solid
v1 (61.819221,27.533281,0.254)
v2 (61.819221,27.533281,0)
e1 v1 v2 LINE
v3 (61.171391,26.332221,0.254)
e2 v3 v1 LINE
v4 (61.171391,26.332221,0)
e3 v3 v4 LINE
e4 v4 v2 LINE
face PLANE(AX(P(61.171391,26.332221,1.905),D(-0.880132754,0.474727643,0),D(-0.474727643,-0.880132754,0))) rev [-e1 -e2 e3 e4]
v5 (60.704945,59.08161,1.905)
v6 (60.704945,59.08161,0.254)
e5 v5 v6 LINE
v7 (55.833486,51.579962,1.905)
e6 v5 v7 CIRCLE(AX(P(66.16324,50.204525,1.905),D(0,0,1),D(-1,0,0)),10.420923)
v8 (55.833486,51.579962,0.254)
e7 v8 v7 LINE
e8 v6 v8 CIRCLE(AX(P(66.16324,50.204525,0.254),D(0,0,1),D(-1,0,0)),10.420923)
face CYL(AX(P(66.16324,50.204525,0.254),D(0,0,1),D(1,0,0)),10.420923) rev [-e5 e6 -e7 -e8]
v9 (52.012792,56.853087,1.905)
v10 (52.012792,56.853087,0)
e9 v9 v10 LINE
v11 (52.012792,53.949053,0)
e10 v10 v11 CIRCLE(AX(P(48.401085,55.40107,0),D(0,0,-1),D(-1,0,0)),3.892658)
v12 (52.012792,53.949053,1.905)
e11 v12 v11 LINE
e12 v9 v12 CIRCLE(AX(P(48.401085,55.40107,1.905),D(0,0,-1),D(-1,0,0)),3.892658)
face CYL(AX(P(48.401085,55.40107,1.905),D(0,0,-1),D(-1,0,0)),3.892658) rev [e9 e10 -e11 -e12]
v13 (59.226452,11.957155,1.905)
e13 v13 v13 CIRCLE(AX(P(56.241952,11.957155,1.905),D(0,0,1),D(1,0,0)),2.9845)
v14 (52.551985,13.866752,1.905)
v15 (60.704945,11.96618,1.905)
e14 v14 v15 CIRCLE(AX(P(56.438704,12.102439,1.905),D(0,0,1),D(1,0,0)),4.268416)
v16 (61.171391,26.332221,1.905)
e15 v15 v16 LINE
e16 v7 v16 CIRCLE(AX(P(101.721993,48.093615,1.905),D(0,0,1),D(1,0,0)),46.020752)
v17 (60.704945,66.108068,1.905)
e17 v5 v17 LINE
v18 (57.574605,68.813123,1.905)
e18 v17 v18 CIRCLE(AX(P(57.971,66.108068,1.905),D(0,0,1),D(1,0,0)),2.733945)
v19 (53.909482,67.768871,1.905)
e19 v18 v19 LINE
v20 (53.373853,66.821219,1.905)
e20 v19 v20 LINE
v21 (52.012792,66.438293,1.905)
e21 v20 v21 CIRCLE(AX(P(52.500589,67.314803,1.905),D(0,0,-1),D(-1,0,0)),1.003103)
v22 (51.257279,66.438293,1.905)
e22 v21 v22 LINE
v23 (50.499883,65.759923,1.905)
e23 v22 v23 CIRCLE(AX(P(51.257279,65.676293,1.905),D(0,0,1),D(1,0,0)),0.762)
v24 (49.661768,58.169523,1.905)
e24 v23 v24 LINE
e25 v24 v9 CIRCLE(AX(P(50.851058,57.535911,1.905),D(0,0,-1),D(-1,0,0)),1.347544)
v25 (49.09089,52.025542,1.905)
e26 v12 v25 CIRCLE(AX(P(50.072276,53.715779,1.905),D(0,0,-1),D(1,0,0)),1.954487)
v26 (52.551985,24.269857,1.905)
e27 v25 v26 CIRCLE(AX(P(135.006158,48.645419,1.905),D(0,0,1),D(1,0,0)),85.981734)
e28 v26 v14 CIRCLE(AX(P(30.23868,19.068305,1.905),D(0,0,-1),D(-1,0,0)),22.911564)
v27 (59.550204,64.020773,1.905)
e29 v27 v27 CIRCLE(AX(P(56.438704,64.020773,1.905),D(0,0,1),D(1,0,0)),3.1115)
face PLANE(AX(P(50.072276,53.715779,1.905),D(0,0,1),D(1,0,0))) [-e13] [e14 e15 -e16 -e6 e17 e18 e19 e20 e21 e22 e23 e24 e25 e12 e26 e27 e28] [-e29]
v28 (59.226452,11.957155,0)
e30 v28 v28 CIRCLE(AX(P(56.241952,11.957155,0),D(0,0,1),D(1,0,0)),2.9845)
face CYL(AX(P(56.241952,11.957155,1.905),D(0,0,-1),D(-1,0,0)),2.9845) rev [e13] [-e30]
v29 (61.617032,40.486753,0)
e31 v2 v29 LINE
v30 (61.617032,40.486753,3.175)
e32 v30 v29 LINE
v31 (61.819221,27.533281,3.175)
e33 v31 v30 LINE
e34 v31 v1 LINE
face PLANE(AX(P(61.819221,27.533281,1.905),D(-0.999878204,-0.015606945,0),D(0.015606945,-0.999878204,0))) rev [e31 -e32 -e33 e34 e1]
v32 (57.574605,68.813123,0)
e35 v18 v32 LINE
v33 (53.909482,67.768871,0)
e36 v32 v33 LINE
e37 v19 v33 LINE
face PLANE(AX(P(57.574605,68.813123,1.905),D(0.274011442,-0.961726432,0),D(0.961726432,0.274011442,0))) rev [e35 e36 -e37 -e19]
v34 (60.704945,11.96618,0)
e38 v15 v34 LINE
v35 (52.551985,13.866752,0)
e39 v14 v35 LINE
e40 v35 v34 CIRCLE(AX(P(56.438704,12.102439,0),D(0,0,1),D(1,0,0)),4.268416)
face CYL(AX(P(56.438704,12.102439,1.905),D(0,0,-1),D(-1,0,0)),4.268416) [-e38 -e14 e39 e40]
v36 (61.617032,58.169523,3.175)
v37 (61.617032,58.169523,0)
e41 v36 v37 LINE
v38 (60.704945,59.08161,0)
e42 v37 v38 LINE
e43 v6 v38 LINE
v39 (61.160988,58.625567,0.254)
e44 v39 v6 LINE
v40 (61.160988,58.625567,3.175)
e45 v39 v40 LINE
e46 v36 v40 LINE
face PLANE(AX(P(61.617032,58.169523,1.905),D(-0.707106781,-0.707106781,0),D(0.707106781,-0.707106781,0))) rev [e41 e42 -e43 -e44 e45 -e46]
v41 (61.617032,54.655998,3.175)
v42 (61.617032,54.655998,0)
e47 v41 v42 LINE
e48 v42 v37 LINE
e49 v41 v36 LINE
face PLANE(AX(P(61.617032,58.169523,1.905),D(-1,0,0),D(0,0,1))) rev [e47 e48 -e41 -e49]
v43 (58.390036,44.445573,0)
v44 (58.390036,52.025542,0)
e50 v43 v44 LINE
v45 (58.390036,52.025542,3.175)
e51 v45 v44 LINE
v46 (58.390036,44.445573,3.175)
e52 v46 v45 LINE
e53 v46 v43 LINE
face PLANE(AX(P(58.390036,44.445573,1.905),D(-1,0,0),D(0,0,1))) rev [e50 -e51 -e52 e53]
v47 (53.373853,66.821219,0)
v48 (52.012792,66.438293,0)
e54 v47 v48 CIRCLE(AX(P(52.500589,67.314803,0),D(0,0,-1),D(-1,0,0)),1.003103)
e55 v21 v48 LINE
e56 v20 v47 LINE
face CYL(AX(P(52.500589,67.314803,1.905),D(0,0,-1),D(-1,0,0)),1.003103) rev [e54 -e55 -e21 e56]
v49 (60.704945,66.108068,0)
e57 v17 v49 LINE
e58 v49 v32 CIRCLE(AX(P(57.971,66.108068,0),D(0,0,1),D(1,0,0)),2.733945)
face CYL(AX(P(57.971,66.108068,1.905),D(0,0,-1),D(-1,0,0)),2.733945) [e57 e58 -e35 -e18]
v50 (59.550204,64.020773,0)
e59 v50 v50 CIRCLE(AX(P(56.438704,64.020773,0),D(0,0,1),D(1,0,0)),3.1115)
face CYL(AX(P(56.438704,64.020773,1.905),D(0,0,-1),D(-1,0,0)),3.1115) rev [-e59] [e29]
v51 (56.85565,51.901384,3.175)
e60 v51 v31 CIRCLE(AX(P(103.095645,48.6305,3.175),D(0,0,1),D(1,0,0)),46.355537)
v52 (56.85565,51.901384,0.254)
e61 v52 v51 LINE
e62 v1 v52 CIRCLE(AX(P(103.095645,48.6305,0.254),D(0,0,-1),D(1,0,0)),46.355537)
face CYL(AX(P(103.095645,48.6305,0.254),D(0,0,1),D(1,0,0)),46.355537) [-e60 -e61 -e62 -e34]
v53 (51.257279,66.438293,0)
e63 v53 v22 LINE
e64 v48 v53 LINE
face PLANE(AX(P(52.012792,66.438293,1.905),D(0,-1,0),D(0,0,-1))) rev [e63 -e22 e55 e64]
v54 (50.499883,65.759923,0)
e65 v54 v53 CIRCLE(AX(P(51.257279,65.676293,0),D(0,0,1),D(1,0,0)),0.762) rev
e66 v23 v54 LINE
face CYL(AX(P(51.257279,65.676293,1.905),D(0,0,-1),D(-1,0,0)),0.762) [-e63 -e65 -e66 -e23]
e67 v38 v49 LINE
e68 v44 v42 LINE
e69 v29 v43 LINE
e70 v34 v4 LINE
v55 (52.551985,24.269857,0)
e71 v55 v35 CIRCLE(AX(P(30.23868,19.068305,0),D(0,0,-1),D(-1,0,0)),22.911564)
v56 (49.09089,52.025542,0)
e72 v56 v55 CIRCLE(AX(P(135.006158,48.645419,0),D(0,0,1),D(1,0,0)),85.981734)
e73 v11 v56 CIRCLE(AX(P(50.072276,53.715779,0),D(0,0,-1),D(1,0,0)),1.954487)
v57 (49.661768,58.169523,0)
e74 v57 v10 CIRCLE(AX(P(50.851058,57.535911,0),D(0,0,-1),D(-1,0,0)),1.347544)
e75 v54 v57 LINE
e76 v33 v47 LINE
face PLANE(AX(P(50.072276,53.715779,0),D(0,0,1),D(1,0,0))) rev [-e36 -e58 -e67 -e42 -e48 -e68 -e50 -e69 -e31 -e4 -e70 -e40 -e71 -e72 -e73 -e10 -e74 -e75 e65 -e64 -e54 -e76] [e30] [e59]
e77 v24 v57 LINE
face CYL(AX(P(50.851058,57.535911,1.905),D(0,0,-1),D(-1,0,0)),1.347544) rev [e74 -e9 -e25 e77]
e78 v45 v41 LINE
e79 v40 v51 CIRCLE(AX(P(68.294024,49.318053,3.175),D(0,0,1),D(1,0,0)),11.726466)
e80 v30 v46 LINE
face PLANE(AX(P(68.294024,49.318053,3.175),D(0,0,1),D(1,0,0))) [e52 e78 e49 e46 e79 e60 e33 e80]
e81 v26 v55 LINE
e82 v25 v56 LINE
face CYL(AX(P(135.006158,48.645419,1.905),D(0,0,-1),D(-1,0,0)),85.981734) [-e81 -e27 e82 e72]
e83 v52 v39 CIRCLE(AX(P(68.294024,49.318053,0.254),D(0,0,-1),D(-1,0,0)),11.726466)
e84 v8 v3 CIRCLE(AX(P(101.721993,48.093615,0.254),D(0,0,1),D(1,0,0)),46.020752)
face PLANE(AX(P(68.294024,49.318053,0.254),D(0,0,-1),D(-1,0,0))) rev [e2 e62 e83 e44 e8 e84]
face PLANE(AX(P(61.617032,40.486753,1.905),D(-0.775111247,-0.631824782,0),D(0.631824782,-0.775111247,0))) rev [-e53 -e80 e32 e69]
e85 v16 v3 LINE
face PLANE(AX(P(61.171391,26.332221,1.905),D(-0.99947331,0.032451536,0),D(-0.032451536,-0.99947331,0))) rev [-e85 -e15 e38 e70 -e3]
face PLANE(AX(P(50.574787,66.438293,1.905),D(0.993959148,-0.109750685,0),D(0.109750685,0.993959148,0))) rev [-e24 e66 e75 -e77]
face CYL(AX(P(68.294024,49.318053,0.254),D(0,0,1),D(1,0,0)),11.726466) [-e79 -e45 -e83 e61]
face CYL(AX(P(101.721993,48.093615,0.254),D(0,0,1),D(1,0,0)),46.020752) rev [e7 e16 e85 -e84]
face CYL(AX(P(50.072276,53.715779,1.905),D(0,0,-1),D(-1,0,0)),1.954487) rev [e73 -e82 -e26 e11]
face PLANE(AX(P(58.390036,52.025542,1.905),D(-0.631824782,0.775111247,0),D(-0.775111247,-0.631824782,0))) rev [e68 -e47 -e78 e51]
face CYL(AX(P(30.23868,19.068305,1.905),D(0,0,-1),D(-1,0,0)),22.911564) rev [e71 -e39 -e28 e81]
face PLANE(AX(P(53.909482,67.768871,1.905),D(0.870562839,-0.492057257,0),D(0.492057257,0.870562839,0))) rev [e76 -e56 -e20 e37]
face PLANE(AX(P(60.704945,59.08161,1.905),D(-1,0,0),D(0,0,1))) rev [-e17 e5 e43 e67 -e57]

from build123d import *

# Parameters (mm, degrees)
SKETCH1_R           = 3.1115
SKETCH1_R_2         = 2.9845
BOSS_EXTRUDE1_DEPTH = 1.905
CUT_EXTRUDE1_DEPTH  = 1.651
BOSS_EXTRUDE2_DEPTH = 1.27
FILLET4_R           = 0.762


with BuildPart() as part:
    # Sketch1 → Boss-Extrude1 (new body)
    with BuildSketch(Plane.XY):
        with BuildLine():
            Line((61.17139063, 26.332220791), (60.704944856, 11.966179777))
            ThreePointArc((60.704944856, 11.966179777), (55.469656343, 7.945478091), (52.551985386, 13.866751944))
            ThreePointArc((52.551985386, 13.866751944), (53.150243594, 19.068304512), (52.551985386, 24.269857079))
            ThreePointArc((52.551985386, 24.269857079), (49.685224569, 38.006015424), (49.090889591, 52.025542148))
            ThreePointArc((49.090889591, 52.025542148), (51.146965053, 52.083276575), (52.012792223, 53.949053326))
            ThreePointArc((52.012792223, 53.949053326), (52.29374244, 55.401070195), (52.012792223, 56.853087065))
            ThreePointArc((52.012792223, 56.853087065), (51.509420049, 58.711680371), (49.661768019, 58.169523016))
            Line((49.661768019, 58.169523016), (50.574786632, 66.4382933))
            Line((50.574786632, 66.4382933), (52.012792223, 66.4382933))
            ThreePointArc((52.012792223, 66.4382933), (52.772258586, 66.349188863), (53.373853233, 66.821219197))
            Line((53.373853233, 66.821219197), (53.909482304, 67.76887063))
            Line((53.909482304, 67.76887063), (57.57460461, 68.813123354))
            ThreePointArc((57.57460461, 68.813123354), (59.75855859, 68.176663617), (60.704944856, 66.10806771))
            Line((60.704944856, 66.10806771), (60.704944856, 59.081610081))
            Line((60.704944856, 59.081610081), (61.617031921, 58.169523016))
            Line((61.617031921, 58.169523016), (61.617031921, 54.655997897))
            Line((61.617031921, 54.655997897), (58.390036251, 52.025542148))
            Line((58.390036251, 52.025542148), (58.390036251, 44.445572853))
            Line((58.390036251, 44.445572853), (61.617031921, 40.486752766))
            Line((61.617031921, 40.486752766), (61.819220674, 27.533280913))
            Line((61.819220674, 27.533280913), (61.17139063, 26.332220791))
        make_face()
        with Locations((56.438703811, 64.020773394)):
            Circle(SKETCH1_R, mode=Mode.SUBTRACT)
        with Locations((56.241951704, 11.95715462)):
            Circle(SKETCH1_R_2, mode=Mode.SUBTRACT)
    extrude(amount=BOSS_EXTRUDE1_DEPTH)

    # Sketch2 → Cut-Extrude1 (cut)
    with BuildSketch(Plane.XY.offset(1.905)):
        with BuildLine():
            Line((60.704944856, 59.081610081), (61.160988389, 58.625566549))
            ThreePointArc((61.160988389, 58.625566549), (58.418398779, 55.641187467), (56.855649817, 51.901383735))
            ThreePointArc((56.855649817, 51.901383735), (57.672831025, 39.378266905), (61.819220674, 27.533280913))
            Line((61.819220674, 27.533280913), (61.17139063, 26.332220791))
            ThreePointArc((61.17139063, 26.332220791), (56.696533643, 38.574284868), (55.8334865, 51.57996161))
            ThreePointArc((55.8334865, 51.57996161), (57.423428617, 55.880027317), (60.704944856, 59.081610081))
        make_face()
    extrude(amount=-CUT_EXTRUDE1_DEPTH, mode=Mode.SUBTRACT)

    # Sketch3 → Boss-Extrude2 (add)
    with BuildSketch(Plane.XY.offset(1.905)):
        with BuildLine():
            Line((61.819220674, 27.533280913), (61.617031921, 40.486752766))
            Line((61.617031921, 40.486752766), (58.390036251, 44.445572853))
            Line((58.390036251, 44.445572853), (58.390036251, 52.025542148))
            Line((58.390036251, 52.025542148), (61.617031921, 54.655997897))
            Line((61.617031921, 54.655997897), (61.617031921, 58.169523016))
            Line((61.617031921, 58.169523016), (61.160988389, 58.625566549))
            ThreePointArc((61.160988389, 58.625566549), (58.418398779, 55.641187467), (56.855649817, 51.901383735))
            ThreePointArc((56.855649817, 51.901383735), (57.672831025, 39.378266905), (61.819220674, 27.533280913))
        make_face()
    extrude(amount=BOSS_EXTRUDE2_DEPTH)

    # Fillet4
    fillet4_edges = [part.edges().sort_by_distance(p)[0] for p in [
        (50.574786632, 66.4382933, 0.9525),
    ]]
    fillet(fillet4_edges, radius=FILLET4_R)


solid = part.part
